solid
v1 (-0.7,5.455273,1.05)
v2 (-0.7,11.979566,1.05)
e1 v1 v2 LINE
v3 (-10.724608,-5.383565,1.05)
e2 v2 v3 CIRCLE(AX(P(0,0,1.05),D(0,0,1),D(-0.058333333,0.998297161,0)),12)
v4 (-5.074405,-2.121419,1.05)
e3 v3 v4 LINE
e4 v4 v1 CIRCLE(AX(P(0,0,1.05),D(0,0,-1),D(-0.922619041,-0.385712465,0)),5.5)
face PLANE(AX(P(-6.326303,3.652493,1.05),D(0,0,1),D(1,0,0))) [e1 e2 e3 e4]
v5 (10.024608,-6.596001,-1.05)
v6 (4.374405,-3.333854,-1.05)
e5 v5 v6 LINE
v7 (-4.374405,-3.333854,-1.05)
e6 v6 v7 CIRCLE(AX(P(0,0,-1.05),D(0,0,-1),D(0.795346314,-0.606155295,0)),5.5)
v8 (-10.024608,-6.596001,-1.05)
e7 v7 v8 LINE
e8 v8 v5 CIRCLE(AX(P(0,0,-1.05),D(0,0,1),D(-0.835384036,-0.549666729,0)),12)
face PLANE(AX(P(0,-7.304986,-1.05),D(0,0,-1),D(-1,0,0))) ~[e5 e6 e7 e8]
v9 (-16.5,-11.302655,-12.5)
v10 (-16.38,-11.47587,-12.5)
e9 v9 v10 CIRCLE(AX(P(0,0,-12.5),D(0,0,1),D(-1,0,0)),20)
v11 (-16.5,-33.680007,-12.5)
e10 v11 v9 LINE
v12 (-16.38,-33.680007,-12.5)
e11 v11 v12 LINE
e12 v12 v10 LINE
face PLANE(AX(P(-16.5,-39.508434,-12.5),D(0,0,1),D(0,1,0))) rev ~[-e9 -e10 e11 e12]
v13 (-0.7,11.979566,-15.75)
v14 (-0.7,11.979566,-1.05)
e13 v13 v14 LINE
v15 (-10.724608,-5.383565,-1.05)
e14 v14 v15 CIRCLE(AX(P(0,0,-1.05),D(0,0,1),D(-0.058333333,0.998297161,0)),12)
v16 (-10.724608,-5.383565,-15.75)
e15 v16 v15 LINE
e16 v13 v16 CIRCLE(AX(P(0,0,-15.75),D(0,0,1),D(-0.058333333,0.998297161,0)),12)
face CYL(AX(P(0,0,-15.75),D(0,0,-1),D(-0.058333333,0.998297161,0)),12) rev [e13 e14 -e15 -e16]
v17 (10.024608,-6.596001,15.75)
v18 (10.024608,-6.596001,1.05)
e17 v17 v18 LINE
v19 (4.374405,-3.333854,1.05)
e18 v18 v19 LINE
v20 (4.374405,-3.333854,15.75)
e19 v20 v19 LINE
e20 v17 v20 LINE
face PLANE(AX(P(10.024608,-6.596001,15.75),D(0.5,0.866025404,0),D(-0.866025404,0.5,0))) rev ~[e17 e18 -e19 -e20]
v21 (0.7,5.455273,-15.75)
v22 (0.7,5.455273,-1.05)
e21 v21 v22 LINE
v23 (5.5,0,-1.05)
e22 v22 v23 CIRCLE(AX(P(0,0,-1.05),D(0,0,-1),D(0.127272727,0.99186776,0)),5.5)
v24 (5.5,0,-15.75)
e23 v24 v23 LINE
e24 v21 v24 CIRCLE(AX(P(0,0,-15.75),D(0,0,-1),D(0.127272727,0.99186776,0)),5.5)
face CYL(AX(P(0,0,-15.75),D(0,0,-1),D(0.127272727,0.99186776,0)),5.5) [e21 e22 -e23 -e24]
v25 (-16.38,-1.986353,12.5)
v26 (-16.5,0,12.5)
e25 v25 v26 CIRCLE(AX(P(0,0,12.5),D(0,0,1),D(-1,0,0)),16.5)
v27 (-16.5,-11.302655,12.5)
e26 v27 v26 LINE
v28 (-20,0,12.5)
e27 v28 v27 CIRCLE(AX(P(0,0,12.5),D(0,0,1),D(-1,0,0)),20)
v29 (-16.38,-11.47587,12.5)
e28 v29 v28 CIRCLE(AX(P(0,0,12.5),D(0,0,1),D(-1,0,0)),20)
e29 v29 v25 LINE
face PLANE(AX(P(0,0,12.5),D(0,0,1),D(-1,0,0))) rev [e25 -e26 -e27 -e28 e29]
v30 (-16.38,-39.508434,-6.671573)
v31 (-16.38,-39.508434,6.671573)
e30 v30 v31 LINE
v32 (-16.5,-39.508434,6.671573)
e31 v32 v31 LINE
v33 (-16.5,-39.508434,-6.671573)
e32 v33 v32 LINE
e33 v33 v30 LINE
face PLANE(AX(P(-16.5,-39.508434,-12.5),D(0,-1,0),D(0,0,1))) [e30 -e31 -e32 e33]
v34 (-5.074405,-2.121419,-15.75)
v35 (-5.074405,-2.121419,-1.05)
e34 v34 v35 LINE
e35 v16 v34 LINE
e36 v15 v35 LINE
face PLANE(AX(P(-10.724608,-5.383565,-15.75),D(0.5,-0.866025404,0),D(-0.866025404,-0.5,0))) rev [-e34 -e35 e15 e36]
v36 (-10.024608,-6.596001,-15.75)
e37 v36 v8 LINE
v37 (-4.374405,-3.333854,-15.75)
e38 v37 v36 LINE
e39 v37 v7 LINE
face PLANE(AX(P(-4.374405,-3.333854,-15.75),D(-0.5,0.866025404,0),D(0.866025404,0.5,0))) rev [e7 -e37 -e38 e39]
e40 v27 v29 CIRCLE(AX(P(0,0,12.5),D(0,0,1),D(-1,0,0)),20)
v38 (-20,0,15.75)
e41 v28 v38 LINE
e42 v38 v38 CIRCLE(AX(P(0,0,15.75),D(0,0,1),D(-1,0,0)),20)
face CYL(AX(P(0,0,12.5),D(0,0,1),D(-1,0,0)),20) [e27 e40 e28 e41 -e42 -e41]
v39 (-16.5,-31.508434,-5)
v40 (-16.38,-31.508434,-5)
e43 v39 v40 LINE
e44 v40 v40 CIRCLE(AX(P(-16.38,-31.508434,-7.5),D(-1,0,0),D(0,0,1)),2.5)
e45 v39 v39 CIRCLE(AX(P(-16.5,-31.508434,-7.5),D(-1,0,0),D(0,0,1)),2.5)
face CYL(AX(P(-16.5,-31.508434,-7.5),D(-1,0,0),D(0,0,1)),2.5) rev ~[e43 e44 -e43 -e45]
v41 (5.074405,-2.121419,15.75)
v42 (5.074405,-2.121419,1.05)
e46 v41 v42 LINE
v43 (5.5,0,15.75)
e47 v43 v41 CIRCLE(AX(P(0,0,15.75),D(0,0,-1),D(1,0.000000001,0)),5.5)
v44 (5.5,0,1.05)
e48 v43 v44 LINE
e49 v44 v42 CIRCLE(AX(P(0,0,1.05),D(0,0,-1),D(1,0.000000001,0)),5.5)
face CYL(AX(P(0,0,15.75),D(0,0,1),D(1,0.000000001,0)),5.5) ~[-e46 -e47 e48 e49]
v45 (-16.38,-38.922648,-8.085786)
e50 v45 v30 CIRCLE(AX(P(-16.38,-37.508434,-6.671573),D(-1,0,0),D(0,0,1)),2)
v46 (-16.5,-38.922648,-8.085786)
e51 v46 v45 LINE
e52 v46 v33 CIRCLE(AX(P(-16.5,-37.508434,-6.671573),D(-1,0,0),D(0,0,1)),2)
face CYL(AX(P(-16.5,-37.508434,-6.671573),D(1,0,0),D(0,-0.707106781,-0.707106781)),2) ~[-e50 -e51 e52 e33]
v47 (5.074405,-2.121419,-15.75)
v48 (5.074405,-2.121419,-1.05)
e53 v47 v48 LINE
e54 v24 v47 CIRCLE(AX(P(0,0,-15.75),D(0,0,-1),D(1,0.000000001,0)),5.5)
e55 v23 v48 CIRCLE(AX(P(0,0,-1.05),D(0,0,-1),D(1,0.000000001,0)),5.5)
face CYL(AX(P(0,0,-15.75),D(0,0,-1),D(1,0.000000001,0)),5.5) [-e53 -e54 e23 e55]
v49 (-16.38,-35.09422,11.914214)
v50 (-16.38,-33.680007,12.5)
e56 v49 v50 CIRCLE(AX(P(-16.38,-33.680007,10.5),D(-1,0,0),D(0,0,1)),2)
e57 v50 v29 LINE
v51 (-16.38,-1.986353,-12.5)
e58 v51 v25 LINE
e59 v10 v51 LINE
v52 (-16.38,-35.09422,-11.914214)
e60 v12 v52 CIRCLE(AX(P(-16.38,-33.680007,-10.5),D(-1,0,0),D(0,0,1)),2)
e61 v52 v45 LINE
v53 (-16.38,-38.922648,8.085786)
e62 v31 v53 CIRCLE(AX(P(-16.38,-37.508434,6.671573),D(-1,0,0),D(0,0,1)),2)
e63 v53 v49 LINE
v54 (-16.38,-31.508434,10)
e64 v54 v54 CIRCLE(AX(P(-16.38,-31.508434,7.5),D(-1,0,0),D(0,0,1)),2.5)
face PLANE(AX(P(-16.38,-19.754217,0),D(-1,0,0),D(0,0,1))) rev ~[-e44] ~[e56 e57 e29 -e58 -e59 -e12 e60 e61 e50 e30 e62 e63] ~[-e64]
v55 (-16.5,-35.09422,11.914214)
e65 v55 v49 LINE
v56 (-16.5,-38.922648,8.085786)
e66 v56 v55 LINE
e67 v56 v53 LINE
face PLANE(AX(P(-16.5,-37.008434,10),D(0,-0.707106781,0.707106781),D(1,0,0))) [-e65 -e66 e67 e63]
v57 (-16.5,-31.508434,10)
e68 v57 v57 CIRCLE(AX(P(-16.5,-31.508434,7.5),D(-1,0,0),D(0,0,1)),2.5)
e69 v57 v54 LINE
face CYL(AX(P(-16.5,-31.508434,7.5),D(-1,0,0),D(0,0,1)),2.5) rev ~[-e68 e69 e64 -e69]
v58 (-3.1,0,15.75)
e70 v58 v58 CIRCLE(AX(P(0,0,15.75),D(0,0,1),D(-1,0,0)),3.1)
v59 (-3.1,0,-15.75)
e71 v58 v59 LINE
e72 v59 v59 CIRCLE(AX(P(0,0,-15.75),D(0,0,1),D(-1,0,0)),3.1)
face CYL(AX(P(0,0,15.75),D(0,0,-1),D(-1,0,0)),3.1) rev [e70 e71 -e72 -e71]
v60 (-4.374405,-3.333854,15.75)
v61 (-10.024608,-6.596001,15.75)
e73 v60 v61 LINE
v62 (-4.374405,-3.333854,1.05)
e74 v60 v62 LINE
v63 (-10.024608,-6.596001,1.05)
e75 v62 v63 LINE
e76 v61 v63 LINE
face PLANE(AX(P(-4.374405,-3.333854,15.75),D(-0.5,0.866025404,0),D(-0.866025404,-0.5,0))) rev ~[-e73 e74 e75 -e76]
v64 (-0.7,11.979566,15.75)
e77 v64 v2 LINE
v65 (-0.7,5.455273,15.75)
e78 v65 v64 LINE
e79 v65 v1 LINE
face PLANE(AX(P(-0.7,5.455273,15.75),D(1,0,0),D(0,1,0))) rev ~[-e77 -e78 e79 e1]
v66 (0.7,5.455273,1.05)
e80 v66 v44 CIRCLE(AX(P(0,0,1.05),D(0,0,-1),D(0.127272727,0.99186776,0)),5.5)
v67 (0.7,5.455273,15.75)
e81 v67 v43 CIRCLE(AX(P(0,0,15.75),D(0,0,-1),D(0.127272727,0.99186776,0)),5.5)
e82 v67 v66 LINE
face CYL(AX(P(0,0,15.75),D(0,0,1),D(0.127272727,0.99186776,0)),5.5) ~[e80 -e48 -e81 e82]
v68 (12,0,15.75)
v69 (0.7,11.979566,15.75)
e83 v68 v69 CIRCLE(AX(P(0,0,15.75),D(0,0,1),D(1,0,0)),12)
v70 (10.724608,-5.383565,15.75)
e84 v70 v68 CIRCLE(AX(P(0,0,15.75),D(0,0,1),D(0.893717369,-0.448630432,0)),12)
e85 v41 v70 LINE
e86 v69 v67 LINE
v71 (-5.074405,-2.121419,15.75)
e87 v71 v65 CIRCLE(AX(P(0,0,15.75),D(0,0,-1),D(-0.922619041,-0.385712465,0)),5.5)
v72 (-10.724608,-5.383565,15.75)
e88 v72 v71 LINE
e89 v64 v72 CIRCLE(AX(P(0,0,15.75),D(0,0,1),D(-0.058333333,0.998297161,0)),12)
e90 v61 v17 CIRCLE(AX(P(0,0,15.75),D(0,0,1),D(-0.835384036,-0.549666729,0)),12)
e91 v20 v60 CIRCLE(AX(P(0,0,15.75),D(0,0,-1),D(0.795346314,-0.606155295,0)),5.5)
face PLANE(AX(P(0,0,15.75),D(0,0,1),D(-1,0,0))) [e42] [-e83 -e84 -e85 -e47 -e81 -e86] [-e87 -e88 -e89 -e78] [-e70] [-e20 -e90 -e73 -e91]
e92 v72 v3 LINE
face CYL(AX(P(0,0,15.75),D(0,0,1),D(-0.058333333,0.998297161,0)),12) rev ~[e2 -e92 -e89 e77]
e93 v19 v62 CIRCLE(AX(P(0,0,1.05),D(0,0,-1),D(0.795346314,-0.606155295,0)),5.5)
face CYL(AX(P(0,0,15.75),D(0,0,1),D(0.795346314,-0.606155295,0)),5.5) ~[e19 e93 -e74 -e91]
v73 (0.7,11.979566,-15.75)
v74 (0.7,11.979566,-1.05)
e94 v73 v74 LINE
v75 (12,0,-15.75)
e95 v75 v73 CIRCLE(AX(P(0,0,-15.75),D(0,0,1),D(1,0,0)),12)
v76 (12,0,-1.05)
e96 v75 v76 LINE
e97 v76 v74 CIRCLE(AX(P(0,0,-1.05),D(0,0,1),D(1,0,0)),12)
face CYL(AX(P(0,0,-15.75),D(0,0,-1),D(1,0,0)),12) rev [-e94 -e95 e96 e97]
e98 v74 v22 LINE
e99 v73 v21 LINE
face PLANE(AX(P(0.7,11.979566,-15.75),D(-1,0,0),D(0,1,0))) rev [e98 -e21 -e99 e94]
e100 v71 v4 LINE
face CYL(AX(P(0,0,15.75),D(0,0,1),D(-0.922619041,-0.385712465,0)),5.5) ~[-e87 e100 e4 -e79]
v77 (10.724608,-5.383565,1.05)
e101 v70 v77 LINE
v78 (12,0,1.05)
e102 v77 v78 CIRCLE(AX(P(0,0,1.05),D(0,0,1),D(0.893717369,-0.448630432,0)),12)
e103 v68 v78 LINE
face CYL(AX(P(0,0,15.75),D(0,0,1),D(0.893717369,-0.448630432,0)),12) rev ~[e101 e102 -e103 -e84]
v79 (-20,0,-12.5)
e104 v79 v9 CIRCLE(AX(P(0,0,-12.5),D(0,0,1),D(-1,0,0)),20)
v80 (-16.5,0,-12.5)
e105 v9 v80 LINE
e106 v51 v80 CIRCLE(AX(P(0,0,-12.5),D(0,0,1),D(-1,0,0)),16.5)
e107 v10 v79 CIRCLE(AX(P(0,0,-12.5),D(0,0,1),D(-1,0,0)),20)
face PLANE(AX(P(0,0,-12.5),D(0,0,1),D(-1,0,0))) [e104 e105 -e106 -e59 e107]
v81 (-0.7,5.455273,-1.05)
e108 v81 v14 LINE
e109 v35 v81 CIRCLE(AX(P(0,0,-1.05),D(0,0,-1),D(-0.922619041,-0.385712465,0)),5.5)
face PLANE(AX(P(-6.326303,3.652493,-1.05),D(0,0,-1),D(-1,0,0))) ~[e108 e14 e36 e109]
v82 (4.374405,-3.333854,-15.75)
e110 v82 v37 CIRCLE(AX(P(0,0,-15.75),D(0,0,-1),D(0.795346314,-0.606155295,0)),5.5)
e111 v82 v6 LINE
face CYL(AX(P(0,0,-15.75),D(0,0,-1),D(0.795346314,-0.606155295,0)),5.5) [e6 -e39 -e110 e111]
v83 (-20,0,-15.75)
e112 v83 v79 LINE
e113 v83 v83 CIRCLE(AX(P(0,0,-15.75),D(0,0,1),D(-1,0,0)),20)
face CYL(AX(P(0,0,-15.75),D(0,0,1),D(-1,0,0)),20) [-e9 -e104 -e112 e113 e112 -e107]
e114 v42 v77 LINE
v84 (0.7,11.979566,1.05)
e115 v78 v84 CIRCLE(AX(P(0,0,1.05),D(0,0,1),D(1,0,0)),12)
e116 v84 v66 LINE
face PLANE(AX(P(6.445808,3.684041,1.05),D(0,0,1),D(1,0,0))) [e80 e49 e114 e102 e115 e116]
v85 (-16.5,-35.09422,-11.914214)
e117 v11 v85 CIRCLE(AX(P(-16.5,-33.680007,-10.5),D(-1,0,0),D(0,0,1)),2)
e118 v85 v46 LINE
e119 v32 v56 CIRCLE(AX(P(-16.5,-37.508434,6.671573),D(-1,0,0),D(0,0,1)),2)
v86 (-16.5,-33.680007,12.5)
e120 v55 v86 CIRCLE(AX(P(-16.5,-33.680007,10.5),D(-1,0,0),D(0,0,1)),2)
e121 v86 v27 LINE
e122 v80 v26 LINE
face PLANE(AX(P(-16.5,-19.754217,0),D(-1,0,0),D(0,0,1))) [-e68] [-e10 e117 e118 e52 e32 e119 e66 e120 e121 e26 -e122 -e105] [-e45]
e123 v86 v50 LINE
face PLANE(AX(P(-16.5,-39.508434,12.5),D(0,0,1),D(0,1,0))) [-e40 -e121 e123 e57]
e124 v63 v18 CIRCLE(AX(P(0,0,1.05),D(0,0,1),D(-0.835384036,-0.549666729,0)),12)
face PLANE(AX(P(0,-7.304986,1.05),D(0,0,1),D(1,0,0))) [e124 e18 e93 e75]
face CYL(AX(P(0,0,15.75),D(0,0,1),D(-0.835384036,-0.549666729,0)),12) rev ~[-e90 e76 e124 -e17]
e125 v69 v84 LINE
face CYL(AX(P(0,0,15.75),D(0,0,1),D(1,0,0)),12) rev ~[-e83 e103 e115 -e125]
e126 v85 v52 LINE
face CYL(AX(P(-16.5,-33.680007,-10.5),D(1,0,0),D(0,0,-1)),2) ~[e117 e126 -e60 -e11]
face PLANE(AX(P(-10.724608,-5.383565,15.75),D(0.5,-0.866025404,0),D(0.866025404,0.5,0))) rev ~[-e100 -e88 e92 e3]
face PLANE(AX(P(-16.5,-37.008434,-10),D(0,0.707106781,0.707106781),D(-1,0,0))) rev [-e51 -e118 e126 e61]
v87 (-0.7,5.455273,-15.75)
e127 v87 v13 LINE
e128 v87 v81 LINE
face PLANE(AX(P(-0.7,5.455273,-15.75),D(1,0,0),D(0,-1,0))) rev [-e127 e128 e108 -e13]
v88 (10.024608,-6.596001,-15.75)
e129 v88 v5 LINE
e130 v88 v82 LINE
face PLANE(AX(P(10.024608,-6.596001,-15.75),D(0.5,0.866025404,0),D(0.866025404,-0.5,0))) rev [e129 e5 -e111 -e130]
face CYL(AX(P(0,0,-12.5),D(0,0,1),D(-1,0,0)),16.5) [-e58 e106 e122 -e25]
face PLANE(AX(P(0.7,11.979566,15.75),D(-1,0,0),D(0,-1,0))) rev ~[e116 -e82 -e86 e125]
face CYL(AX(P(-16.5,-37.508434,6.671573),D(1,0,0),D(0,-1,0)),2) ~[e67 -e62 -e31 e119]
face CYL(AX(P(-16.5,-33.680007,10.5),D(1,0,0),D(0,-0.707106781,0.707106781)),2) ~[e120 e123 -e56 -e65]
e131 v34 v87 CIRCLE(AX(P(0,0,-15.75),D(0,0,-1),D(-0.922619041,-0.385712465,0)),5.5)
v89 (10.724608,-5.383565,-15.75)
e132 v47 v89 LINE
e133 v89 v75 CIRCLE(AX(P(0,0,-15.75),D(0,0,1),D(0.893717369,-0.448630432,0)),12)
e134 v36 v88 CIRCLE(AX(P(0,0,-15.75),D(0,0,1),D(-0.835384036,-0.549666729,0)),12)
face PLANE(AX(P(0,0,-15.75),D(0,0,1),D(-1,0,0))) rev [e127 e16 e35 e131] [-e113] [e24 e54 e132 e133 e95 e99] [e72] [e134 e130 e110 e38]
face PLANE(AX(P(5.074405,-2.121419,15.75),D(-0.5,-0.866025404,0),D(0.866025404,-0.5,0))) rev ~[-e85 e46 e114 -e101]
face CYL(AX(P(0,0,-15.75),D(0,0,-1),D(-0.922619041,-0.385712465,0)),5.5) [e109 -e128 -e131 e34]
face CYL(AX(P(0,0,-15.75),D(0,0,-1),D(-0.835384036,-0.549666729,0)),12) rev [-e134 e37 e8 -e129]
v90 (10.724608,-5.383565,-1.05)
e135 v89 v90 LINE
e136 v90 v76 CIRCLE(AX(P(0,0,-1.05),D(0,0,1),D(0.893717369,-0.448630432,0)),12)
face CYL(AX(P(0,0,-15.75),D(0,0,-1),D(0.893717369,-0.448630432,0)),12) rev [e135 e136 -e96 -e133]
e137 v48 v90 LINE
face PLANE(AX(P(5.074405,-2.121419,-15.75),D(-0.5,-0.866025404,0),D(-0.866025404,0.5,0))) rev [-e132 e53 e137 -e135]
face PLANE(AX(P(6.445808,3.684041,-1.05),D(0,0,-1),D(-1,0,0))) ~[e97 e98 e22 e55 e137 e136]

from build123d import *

# Parameters (mm, degrees)
CUT_EXTRUDE_1_DEPTH = 14.7
SKETCH_4_W          = 25
SKETCH_4_H          = 39.508434057
SKETCH_4_R          = 2.5
EXTRUDE_1_DEPTH     = 0.12
CHAMFER_1_SIZE      = 5
FILLET_1_R          = 2


with BuildPart() as part:
    # 草图2 → 旋转1 (revolve)
    with BuildSketch(Plane(origin=(0, 0, 0), x_dir=(1, 0, 0), z_dir=(0, 1, 0)), mode=Mode.PRIVATE) as revolve_1_sk:
        Polygon((3.1, 15.75), (20, 15.75), (20, 12.5), (16.5, 12.5), (16.5, -12.5), (20, -12.5), (20, -15.75), (3.1, -15.75), align=None)
    revolve(revolve_1_sk.sketch.rotate(Axis((0, 0, -15.75), (0, 0, 1)), 180), axis=Axis((0, 0, -15.75), (0, 0, 1)))

    # 草图3 → 切除-拉伸1 (cut)
    with BuildSketch(Plane.XY.offset(15.75)):
        with BuildLine():
            Line((-0.7, 5.455272679), (-0.7, 11.979565935))
            ThreePointArc((-0.7, 11.979565935), (-10.392304845, 6), (-10.724608426, -5.383565185))
            Line((-10.724608426, -5.383565185), (-5.074404724, -2.121418557))
            ThreePointArc((-5.074404724, -2.121418557), (-4.763139721, 2.75), (-0.7, 5.455272679))
        make_face()
        with BuildLine():
            Line((-4.374404724, -3.333854122), (-10.024608426, -6.59600075))
            ThreePointArc((-10.024608426, -6.59600075), (0, -12), (10.024608426, -6.59600075))
            Line((10.024608426, -6.59600075), (4.374404724, -3.333854122))
            ThreePointArc((4.374404724, -3.333854122), (0, -5.5), (-4.374404724, -3.333854122))
        make_face()
        with BuildLine():
            ThreePointArc((12, 0), (8.729261137, 8.23407554), (0.7, 11.979565935))
            Line((0.7, 11.979565935), (0.7, 5.455272679))
            ThreePointArc((0.7, 5.455272679), (4.129164564, 3.633180425), (5.5, 0))
            ThreePointArc((5.5, 0), (5.392551622, -1.081844262), (5.074404724, -2.121418557))
            Line((5.074404724, -2.121418557), (10.724608426, -5.383565185))
            ThreePointArc((10.724608426, -5.383565185), (11.676799671, -2.766288026), (12, 0))
        make_face()
    cut_extrude_1 = extrude(amount=-CUT_EXTRUDE_1_DEPTH, mode=Mode.SUBTRACT)

    # 镜向2: 切除-拉伸1 across plane
    add(cut_extrude_1.mirror(Plane.XY), mode=Mode.SUBTRACT)

    # 草图4 → 凸台-拉伸1 (add)
    with BuildSketch(Plane.ZY.offset(16.5)):
        with Locations((0, -19.754217029)):
            Rectangle(SKETCH_4_W, SKETCH_4_H)
        with Locations((7.5, -31.508434057)):
            Circle(SKETCH_4_R, mode=Mode.SUBTRACT)
        with Locations((-7.5, -31.508434057)):
            Circle(SKETCH_4_R, mode=Mode.SUBTRACT)
    extrude(amount=-EXTRUDE_1_DEPTH)

    # 倒角1
    chamfer_1_edges = [part.edges().sort_by_distance(p)[0] for p in [
        (-16.44, -39.508434057, 12.5),
        (-16.44, -39.508434057, -12.5),
    ]]
    chamfer(chamfer_1_edges, length=CHAMFER_1_SIZE)

    # 圆角1
    fillet_1_edges = [part.edges().sort_by_distance(p)[0] for p in [
        (-16.44, -34.508434057, -12.5),
        (-16.44, -39.508434057, 7.5),
        (-16.44, -39.508434057, -7.5),
        (-16.44, -34.508434057, 12.5),
    ]]
    fillet(fillet_1_edges, radius=FILLET_1_R)


solid = part.part
